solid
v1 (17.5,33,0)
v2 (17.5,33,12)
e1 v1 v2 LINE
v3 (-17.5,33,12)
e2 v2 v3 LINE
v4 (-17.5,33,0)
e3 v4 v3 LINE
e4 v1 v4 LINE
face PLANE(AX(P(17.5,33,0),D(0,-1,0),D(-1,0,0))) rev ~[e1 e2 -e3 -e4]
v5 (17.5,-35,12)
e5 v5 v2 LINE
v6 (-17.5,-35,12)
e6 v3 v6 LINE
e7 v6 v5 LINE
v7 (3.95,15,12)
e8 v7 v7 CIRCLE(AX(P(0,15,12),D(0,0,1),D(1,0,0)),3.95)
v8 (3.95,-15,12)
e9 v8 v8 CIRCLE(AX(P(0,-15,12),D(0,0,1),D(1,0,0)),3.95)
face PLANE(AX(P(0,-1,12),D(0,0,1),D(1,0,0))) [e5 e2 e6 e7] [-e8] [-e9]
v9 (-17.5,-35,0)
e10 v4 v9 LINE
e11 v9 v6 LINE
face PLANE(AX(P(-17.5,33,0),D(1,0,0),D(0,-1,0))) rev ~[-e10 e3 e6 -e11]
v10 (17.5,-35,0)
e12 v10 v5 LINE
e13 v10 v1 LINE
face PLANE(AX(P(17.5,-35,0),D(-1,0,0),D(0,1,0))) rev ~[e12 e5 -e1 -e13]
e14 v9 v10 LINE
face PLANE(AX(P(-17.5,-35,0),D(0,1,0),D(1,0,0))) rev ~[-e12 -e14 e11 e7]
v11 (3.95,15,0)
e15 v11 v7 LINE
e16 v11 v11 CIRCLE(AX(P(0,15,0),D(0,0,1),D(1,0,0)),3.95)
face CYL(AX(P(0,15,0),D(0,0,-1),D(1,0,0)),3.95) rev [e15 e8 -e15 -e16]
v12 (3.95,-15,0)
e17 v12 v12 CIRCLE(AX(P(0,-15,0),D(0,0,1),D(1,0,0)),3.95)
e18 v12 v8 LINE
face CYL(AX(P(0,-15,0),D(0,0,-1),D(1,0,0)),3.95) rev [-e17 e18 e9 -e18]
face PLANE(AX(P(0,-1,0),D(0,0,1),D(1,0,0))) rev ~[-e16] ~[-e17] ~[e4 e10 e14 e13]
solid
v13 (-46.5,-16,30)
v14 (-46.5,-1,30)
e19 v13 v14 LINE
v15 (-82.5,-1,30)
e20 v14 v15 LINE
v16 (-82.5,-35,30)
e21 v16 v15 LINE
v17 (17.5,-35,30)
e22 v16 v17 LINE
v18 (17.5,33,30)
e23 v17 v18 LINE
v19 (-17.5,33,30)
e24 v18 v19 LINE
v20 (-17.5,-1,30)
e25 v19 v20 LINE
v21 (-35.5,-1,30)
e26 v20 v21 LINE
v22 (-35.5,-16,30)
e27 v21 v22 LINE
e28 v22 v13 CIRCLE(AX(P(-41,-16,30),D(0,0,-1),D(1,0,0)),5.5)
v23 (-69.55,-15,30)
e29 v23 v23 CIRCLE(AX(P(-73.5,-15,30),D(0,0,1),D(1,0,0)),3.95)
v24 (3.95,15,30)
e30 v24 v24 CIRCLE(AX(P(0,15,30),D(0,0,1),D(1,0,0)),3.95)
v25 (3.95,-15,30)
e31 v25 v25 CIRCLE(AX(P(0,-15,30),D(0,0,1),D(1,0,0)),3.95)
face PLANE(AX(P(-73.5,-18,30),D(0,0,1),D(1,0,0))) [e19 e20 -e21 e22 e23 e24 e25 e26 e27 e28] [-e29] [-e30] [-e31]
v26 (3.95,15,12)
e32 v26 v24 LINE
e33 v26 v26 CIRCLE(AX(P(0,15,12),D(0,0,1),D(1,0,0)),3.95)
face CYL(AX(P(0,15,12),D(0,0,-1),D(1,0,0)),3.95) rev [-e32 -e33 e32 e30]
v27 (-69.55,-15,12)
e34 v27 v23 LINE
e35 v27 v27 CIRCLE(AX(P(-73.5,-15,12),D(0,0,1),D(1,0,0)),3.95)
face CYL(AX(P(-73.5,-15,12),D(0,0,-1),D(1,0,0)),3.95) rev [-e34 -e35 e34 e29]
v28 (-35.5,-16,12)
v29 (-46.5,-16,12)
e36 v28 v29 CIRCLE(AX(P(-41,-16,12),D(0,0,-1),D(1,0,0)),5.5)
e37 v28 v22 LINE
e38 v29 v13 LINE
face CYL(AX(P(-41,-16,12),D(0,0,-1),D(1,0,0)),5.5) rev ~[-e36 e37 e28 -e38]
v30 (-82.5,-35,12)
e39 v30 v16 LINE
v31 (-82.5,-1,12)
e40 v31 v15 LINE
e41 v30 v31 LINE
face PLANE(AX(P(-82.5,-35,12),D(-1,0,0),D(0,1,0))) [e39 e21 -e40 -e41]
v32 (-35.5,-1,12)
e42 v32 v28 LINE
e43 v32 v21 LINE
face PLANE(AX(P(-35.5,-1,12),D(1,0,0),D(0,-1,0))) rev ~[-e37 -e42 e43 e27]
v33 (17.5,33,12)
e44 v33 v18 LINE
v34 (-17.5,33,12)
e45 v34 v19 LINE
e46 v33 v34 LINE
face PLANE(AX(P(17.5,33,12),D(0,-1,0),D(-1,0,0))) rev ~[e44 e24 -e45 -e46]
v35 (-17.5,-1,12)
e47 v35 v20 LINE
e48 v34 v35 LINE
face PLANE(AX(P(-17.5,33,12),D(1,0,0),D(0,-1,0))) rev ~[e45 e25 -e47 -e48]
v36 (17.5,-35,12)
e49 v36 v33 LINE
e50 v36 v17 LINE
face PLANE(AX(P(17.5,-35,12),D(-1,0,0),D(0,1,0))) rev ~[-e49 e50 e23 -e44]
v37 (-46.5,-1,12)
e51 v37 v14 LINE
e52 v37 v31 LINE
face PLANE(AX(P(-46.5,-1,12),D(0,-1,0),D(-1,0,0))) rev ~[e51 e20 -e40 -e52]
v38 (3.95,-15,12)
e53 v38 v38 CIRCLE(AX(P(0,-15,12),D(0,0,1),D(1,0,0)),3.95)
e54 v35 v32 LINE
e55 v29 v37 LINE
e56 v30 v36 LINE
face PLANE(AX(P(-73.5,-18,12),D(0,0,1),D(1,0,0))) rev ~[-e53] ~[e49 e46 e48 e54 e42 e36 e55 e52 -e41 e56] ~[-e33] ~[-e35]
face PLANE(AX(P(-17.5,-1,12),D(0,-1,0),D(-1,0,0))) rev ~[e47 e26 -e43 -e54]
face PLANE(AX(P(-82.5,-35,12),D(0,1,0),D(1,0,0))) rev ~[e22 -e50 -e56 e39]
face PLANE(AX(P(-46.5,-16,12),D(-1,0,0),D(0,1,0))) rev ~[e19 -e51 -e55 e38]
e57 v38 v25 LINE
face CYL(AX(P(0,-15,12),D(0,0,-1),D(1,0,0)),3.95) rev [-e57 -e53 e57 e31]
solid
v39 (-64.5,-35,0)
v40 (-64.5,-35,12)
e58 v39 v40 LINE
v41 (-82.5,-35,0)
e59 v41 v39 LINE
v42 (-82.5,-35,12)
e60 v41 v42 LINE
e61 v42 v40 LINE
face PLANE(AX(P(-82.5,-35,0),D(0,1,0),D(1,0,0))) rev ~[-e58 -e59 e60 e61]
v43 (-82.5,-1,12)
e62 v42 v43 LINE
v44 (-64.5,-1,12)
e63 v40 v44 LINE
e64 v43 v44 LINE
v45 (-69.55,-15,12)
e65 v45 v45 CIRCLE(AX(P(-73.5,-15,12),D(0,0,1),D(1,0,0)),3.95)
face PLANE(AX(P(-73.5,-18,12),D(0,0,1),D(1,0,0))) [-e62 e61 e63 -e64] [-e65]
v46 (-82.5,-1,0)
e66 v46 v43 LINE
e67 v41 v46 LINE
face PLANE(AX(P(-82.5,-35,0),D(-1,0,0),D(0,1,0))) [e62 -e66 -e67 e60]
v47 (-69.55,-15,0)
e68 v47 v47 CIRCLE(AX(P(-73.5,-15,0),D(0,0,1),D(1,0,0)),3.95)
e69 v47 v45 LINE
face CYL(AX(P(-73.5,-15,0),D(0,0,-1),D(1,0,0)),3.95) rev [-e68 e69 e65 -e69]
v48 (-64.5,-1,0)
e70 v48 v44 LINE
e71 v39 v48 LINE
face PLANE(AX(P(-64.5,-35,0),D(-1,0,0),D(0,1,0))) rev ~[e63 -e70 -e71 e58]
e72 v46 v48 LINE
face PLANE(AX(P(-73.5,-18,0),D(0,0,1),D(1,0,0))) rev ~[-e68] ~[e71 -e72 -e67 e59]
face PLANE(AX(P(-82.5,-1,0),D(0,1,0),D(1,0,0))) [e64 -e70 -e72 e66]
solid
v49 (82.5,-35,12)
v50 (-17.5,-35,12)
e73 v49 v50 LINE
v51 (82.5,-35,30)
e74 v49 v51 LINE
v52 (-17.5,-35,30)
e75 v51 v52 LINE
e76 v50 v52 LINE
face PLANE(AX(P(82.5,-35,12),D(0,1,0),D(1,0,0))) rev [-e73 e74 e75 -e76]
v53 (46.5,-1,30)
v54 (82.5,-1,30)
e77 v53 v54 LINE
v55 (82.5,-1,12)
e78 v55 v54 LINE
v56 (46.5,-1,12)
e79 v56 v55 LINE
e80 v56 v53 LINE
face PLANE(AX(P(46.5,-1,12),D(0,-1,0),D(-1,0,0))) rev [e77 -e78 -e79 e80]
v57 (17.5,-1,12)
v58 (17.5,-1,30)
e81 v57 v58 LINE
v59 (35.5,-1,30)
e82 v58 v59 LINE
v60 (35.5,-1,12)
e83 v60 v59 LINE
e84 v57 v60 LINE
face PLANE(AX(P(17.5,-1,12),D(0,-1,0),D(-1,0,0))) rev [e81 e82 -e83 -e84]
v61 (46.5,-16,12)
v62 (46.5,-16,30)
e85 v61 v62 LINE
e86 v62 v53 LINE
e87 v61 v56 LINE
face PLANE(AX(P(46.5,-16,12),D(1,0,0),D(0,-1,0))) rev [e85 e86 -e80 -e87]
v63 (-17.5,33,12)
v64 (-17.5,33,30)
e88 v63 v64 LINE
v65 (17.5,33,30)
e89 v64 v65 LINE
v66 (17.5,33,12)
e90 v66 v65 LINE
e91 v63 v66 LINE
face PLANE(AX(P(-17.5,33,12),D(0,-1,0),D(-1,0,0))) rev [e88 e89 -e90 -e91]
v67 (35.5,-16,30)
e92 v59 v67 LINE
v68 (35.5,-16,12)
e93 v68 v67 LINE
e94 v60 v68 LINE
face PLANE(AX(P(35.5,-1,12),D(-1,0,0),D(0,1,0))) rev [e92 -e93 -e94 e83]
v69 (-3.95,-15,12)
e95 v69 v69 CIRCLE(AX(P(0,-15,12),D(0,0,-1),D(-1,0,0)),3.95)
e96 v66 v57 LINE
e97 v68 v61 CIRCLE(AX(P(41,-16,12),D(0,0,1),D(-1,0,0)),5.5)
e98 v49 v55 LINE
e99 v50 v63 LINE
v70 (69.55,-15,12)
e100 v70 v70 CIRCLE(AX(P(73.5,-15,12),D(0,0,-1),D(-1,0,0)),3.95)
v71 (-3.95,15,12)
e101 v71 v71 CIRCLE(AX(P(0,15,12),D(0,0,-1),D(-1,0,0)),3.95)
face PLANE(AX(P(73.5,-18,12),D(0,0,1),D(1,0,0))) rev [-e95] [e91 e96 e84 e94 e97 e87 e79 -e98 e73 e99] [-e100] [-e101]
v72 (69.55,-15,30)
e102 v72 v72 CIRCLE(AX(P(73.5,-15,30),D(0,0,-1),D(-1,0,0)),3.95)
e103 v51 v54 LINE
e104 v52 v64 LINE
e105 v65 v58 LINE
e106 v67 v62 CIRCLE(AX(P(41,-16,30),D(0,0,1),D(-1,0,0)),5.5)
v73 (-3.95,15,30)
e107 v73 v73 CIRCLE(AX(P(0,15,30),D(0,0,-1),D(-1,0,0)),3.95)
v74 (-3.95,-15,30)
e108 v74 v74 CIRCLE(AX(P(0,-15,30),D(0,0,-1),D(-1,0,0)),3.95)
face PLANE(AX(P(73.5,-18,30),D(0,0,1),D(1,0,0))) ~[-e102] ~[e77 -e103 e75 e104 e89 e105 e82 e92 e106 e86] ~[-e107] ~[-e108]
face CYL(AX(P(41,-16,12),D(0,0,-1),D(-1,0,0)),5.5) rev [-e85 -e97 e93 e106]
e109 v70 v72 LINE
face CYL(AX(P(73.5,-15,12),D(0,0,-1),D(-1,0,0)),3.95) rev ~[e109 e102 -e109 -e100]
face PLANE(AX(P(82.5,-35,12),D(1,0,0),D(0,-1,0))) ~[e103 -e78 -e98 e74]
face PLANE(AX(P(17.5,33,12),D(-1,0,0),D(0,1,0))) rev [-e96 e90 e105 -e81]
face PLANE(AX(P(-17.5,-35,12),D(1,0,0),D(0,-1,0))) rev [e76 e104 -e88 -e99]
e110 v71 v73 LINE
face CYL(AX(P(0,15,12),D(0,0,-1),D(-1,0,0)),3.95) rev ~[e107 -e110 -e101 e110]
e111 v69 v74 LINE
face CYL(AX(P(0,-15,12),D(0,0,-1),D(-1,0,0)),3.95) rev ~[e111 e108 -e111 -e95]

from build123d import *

# Parameters (mm, degrees)
F0_W     = 18
F0_H     = 34
F0_R     = 3.95
F1_DEPTH = 12
F2_START = 12
F2_DEPTH = 18


with BuildPart() as f1:
    # F0 (on Top) → F1 (new body)
    with BuildSketch(Plane.XY):
        with Locations((-73.5, -18)):
            Rectangle(F0_W, F0_H)
        with Locations((-73.5, -15)):
            Circle(F0_R, mode=Mode.SUBTRACT)
    extrude(amount=F1_DEPTH)


with BuildPart() as f1b:
    # F0 (on Top) → F1, piece 2 (new body)
    with BuildSketch(Plane.XY):
        Polygon((17.5, 33), (-17.5, 33), (-17.5, -1), (-17.5, -35), (17.5, -35), align=None)
        with Locations((0, -15)):
            Circle(F0_R, mode=Mode.SUBTRACT)
        with Locations((0, 15)):
            Circle(F0_R, mode=Mode.SUBTRACT)
    extrude(amount=F1_DEPTH)


with BuildPart() as f2:
    # F0 (on Top) → F2 (new body)
    with BuildSketch(Plane.XY.offset(F2_START)):
        with Locations((-73.5, -18)):
            Rectangle(F0_W, F0_H)
        with Locations((-73.5, -15)):
            Circle(F0_R, mode=Mode.SUBTRACT)
        with BuildLine():
            Line((-17.5, -35), (-17.5, -1))
            Line((-17.5, -1), (-35.5, -1))
            Line((-35.5, -1), (-35.5, -16))
            ThreePointArc((-35.5, -16), (-41, -21.5), (-46.5, -16))
            Line((-46.5, -16), (-46.5, -1))
            Line((-46.5, -1), (-64.5, -1))
            Line((-64.5, -1), (-64.5, -35))
            Line((-64.5, -35), (-17.5, -35))
        make_face()
        Polygon((17.5, 33), (-17.5, 33), (-17.5, -1), (-17.5, -35), (17.5, -35), align=None)
        with Locations((0, -15)):
            Circle(F0_R, mode=Mode.SUBTRACT)
        with Locations((0, 15)):
            Circle(F0_R, mode=Mode.SUBTRACT)
    extrude(amount=F2_DEPTH)


with BuildPart() as f3_1:
    # F3: instance of F2
    add(f2.part.mirror(Plane.YZ))


solid = Compound([f1.part, f1b.part, f2.part, f3_1.part])
